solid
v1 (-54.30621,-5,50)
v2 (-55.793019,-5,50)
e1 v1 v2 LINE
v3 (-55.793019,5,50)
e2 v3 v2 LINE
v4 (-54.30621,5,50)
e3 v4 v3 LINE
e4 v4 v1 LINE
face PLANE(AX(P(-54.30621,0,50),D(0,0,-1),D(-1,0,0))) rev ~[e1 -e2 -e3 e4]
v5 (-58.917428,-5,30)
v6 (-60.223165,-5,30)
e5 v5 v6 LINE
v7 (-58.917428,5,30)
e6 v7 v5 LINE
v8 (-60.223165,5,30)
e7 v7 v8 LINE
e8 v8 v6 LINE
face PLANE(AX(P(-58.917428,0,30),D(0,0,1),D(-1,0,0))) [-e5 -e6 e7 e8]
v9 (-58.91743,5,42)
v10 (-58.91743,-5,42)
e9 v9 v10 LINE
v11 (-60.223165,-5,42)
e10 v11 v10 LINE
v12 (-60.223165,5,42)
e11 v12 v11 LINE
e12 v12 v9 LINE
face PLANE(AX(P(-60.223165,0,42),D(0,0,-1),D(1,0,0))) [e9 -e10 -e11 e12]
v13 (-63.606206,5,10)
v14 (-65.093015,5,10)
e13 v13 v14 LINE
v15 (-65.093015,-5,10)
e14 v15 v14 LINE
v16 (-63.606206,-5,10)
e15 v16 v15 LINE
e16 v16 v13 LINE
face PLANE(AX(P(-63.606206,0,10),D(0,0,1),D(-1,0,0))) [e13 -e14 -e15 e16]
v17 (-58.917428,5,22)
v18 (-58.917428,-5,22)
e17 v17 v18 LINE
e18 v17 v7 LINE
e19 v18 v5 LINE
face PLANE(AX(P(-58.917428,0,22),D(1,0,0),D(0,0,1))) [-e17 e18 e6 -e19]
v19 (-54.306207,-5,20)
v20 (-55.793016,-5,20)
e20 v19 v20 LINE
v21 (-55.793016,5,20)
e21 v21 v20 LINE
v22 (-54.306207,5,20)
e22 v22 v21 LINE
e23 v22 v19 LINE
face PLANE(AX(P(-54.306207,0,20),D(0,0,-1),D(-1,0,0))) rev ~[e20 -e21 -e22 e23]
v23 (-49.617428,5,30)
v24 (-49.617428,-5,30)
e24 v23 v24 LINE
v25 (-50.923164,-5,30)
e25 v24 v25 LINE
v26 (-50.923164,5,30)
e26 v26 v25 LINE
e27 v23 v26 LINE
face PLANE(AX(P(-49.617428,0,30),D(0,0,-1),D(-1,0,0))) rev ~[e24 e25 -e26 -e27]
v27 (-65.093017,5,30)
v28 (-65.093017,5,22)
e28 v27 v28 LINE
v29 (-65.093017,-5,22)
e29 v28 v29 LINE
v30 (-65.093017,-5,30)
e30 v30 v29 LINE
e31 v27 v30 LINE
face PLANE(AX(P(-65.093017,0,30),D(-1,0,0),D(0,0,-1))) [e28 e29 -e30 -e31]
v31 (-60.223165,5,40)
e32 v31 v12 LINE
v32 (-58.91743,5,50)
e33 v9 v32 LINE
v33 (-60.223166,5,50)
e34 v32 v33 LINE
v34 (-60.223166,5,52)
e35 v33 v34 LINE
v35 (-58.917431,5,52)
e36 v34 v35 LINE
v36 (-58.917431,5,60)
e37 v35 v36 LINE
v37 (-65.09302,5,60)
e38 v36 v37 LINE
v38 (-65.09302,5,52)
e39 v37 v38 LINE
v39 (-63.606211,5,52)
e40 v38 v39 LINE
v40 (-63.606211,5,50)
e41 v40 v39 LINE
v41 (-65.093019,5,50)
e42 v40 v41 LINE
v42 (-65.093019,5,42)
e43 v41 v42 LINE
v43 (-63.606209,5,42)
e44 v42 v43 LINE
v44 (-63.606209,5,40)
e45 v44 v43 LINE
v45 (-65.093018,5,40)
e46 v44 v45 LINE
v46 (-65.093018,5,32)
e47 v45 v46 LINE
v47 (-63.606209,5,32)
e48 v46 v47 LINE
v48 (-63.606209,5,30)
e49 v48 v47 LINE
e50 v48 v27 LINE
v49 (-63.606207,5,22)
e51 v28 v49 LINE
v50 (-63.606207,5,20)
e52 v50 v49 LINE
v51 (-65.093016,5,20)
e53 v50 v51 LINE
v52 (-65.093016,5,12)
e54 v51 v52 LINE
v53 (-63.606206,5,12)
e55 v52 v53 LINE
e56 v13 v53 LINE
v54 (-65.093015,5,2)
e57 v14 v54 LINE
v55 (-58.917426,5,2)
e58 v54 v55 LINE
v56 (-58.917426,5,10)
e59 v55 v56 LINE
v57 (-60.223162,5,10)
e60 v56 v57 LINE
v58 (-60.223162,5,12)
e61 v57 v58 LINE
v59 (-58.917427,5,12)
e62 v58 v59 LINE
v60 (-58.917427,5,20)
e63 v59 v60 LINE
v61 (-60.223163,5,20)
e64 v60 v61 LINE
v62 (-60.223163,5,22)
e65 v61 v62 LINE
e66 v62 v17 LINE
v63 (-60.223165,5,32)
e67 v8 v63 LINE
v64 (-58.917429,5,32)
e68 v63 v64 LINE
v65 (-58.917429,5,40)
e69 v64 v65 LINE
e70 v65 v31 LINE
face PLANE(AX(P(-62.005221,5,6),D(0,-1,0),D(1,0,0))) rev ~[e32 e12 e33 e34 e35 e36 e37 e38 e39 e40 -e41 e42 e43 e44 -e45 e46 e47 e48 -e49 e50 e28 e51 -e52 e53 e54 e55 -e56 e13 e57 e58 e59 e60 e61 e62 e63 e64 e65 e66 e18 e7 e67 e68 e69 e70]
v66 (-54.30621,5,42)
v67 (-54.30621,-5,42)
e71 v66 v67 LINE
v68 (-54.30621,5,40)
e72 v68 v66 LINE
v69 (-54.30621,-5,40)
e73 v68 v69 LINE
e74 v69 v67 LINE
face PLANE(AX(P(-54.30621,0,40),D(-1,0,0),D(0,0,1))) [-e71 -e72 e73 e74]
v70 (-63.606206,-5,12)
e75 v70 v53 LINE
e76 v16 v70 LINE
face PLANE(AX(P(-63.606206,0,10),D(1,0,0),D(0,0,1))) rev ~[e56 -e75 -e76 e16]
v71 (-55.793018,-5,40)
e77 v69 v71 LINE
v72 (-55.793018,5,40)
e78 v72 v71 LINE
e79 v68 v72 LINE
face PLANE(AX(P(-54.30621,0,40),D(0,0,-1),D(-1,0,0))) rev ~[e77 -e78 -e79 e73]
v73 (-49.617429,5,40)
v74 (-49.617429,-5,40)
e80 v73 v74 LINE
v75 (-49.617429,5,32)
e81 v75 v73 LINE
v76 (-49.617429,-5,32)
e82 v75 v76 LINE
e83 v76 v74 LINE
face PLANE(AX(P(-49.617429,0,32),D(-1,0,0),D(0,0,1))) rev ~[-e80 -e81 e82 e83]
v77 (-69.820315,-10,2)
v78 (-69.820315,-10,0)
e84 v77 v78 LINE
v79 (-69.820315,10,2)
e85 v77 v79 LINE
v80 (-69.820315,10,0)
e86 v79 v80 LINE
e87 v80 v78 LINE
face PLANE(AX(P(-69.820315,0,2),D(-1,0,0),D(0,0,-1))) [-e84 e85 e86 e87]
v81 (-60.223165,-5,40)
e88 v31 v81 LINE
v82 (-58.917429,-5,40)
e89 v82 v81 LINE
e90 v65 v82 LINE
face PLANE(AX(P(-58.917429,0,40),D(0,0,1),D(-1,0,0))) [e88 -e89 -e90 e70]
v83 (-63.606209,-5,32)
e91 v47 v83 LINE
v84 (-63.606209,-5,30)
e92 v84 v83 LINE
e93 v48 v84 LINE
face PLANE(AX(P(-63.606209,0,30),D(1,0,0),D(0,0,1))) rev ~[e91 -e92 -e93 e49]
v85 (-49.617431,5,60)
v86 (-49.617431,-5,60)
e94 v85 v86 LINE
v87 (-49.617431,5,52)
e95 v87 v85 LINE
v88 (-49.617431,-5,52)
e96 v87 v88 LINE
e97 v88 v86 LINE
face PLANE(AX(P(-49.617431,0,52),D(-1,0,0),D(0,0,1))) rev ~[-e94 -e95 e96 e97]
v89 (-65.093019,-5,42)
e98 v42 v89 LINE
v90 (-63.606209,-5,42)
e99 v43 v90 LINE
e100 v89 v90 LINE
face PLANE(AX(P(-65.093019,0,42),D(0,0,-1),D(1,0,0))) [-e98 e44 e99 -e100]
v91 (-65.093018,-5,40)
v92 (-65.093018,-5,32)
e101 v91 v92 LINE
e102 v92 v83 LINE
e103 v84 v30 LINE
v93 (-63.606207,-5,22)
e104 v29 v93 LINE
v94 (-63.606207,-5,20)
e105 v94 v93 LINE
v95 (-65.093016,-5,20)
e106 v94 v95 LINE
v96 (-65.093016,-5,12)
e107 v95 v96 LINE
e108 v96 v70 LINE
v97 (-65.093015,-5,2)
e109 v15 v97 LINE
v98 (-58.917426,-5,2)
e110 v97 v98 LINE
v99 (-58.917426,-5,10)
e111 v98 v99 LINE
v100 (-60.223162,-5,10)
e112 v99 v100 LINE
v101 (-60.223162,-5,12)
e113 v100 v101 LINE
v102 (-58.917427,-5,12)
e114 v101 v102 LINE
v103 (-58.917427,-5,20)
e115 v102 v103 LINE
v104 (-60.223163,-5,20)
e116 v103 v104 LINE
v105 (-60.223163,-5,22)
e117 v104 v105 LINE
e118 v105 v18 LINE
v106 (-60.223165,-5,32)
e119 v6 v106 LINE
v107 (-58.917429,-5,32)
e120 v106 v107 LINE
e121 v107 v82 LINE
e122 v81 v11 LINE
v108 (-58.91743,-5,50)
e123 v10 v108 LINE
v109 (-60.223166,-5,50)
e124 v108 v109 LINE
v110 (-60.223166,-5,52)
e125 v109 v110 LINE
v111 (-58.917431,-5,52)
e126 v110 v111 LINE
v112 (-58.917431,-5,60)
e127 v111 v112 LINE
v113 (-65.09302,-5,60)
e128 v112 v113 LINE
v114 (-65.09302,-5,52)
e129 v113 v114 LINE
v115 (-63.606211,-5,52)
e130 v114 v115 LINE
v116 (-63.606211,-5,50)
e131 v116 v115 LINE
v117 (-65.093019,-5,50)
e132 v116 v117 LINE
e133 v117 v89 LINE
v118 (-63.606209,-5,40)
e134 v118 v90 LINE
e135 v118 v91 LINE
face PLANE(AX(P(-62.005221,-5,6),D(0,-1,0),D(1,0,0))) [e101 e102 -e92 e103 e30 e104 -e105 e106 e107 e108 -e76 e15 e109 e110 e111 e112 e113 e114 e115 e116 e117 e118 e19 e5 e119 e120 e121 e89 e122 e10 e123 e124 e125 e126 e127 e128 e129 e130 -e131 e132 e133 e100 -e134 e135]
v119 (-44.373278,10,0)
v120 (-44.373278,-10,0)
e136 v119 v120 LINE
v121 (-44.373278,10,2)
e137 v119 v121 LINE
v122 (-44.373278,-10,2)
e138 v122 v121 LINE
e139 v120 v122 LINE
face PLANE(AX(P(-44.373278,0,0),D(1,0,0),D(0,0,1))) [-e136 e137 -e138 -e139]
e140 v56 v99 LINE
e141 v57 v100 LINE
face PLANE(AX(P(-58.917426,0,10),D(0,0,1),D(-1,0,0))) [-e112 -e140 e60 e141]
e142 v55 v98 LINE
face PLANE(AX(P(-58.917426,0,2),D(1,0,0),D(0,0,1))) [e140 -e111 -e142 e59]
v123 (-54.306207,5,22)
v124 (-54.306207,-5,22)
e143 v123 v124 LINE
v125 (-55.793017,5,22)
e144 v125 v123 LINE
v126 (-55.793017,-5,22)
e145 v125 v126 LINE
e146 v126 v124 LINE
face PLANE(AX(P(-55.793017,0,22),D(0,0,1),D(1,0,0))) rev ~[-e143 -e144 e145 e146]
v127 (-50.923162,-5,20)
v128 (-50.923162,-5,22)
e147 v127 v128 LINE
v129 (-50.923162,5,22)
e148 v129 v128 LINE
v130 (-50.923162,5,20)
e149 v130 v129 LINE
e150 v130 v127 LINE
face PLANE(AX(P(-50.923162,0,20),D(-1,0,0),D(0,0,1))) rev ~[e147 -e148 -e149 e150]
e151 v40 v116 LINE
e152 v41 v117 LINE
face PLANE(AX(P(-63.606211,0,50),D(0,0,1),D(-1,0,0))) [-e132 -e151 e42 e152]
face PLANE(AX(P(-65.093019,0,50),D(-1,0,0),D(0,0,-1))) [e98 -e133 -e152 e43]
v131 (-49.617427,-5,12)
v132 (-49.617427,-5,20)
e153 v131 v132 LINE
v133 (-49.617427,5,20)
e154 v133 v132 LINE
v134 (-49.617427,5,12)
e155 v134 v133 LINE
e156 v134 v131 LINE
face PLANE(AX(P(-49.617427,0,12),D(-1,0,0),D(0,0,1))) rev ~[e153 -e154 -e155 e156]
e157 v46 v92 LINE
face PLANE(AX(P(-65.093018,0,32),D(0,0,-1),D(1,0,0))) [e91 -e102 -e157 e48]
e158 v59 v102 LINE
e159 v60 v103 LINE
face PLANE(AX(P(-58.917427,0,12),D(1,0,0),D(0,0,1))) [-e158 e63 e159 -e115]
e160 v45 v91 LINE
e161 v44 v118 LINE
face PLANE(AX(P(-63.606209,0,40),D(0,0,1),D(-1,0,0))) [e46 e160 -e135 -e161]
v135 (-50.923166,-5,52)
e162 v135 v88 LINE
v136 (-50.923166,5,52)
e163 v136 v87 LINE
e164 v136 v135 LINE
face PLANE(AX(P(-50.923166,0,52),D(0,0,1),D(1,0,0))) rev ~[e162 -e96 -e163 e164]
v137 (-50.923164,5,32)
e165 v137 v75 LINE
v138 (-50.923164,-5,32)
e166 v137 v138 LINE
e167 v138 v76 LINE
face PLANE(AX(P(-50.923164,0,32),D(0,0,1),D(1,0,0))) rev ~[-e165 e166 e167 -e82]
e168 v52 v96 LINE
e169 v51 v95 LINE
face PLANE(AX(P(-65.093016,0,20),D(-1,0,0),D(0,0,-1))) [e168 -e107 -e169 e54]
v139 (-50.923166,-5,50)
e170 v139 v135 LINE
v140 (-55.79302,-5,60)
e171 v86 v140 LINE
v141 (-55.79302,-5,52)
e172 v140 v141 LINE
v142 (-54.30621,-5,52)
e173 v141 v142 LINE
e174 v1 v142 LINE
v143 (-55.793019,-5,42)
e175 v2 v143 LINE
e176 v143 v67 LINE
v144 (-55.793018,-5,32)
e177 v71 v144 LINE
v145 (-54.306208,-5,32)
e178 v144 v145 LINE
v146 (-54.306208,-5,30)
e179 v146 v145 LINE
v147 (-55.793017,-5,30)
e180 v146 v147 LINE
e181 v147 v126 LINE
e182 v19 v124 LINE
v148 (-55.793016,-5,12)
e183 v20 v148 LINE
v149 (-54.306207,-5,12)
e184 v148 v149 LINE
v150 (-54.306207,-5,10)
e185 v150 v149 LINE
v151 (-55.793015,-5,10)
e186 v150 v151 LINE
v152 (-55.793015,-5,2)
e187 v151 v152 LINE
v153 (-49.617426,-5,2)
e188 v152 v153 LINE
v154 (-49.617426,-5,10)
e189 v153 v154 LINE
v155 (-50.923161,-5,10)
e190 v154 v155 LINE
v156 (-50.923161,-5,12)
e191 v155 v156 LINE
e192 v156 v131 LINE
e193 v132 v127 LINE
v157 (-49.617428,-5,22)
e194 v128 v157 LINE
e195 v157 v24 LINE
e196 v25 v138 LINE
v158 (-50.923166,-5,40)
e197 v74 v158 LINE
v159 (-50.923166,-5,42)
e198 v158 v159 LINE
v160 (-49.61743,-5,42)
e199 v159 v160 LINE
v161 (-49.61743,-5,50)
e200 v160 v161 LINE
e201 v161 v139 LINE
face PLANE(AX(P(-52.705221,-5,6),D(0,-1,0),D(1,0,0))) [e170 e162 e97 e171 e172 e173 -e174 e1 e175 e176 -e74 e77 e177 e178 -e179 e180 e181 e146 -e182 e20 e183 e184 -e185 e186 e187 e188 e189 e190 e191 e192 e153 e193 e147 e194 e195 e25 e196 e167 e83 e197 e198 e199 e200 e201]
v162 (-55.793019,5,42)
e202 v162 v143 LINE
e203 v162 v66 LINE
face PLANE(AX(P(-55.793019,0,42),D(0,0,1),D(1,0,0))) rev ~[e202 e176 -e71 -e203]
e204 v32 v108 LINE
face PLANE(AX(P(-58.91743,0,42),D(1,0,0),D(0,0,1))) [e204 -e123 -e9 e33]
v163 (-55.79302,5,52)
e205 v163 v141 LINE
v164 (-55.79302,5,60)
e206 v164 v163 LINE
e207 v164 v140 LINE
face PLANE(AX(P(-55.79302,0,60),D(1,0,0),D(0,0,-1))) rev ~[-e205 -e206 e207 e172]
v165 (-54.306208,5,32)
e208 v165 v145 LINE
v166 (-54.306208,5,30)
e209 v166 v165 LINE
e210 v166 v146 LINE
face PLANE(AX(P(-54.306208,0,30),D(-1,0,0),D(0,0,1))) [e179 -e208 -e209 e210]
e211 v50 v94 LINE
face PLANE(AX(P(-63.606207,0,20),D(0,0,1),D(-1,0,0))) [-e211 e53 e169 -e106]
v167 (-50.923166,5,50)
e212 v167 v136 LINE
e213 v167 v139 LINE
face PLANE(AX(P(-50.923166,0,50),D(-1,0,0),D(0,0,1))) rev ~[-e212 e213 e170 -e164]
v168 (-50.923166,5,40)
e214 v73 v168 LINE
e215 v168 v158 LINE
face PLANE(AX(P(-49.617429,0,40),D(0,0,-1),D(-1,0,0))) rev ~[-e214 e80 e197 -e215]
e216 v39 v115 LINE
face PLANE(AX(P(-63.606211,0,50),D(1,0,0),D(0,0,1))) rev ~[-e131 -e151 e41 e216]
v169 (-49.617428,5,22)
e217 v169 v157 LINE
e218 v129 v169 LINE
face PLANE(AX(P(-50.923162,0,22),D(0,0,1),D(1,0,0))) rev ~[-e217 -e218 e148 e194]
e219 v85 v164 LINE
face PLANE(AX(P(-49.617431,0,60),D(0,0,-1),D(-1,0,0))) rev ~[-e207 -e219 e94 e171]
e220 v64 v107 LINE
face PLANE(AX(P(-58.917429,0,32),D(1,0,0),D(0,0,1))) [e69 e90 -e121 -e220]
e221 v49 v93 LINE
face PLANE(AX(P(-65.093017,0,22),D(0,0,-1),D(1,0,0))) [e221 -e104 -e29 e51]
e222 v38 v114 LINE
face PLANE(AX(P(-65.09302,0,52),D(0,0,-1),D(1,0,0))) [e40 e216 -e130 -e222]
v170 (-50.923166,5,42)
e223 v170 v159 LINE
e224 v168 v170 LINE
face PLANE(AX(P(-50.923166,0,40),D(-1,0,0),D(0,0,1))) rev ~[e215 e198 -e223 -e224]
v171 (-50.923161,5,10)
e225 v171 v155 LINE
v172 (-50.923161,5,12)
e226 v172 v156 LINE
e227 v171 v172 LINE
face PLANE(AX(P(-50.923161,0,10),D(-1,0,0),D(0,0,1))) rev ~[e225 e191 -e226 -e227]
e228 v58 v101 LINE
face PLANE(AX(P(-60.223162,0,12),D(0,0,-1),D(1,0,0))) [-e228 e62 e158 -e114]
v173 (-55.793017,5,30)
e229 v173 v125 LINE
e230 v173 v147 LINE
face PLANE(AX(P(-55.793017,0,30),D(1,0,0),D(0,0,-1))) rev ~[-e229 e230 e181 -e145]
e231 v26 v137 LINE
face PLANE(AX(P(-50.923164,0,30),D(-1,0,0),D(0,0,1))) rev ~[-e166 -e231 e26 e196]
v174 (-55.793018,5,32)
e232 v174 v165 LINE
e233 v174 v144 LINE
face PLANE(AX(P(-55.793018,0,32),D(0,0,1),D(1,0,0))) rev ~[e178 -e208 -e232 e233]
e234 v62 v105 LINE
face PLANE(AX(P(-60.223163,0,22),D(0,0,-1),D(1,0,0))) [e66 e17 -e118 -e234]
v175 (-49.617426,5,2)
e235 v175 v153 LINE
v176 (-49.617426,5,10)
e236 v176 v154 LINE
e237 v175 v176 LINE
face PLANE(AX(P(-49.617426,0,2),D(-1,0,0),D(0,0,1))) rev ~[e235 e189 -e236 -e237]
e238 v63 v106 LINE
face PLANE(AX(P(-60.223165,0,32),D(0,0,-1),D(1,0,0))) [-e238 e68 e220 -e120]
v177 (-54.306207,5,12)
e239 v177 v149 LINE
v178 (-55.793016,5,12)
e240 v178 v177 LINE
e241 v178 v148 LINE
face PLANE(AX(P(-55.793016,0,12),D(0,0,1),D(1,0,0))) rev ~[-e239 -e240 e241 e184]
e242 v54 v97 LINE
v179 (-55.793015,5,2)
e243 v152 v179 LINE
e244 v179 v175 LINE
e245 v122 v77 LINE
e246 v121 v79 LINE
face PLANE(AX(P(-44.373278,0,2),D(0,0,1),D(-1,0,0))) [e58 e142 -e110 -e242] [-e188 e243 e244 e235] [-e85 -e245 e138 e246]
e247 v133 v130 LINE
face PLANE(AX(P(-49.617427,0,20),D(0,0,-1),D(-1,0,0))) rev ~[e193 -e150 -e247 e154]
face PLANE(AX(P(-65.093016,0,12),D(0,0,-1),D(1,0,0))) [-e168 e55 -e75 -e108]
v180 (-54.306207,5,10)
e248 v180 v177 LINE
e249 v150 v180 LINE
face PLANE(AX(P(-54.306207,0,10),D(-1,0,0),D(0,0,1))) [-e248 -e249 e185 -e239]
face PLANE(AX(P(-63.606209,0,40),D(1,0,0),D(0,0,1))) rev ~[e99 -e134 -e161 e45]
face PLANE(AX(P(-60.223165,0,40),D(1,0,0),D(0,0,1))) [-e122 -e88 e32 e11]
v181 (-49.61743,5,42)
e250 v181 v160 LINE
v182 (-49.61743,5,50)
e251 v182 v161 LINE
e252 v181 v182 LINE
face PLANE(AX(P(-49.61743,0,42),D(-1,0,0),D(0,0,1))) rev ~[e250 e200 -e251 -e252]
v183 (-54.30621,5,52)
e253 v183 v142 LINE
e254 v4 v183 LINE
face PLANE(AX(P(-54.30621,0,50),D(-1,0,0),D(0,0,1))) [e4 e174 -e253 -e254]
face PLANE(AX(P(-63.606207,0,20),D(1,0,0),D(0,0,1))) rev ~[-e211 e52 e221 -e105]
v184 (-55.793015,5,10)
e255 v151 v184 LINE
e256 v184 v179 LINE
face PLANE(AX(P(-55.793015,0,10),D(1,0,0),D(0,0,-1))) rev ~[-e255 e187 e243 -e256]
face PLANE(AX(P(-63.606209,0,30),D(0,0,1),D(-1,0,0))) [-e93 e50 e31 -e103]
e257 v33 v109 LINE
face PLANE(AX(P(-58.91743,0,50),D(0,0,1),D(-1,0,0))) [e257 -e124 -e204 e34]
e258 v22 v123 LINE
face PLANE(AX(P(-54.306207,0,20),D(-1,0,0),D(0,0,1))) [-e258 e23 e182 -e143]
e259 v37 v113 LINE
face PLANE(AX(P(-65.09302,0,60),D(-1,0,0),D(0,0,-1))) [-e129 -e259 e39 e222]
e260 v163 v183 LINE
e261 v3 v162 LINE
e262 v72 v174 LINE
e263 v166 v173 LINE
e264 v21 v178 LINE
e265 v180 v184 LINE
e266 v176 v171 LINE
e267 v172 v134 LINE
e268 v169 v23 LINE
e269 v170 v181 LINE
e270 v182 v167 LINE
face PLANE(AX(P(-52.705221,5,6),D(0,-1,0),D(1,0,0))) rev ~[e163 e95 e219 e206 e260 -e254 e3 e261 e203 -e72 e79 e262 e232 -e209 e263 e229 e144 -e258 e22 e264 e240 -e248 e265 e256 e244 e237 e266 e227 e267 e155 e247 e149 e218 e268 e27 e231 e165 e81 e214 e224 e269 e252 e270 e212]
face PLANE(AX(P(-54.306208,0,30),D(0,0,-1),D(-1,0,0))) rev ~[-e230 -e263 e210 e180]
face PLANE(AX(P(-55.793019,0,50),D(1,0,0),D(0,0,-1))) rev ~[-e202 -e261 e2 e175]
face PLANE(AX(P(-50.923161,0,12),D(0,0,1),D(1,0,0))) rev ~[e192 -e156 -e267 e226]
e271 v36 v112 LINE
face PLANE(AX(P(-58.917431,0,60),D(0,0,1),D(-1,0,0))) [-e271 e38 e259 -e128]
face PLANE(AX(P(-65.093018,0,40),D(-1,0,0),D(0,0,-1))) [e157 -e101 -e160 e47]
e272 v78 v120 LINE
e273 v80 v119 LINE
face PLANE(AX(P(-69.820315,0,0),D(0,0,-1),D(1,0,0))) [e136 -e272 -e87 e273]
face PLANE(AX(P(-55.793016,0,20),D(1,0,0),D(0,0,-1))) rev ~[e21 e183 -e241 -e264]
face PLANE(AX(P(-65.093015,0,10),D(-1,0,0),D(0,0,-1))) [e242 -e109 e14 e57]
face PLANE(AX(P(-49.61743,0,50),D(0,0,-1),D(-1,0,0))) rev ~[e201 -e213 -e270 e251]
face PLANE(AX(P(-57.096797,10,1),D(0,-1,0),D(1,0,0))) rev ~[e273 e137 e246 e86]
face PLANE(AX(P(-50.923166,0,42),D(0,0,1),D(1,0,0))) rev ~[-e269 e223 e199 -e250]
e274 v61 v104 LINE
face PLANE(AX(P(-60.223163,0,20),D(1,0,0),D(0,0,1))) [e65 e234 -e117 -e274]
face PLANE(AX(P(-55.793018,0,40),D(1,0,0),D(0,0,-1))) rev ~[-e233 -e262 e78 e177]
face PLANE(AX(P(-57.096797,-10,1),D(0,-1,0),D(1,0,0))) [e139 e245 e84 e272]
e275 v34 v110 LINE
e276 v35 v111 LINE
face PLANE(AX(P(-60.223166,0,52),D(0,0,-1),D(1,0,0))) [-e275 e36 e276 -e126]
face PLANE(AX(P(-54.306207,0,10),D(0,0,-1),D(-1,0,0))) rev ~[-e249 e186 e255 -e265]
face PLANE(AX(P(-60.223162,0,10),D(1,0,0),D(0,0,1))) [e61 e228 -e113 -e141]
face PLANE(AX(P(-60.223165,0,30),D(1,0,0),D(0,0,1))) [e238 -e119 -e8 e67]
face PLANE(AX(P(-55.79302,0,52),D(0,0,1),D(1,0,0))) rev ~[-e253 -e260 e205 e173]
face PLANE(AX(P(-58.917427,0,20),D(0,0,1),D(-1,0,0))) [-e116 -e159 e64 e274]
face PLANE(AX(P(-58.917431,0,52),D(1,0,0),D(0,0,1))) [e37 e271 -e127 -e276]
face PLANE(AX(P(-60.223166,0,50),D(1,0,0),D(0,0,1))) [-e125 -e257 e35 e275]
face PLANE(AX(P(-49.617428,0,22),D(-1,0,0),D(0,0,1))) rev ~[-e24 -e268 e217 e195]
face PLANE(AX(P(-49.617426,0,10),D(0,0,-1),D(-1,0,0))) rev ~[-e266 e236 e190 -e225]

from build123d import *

# Parameters (mm, degrees)
F1_DEPTH = 10
F0_W     = 3.383045
F0_H     = 2
F2_DEPTH = 5


with BuildPart() as f1:
    # F0 (on Front) → F1 (new body, symmetric)
    with BuildSketch(Plane.XZ):
        Polygon((-69.820315, 2), (-69.820315, 0), (-44.373278, 0), (-44.373278, 2), (-49.617426, 2), (-55.793015, 2), (-58.917426, 2), (-65.093015, 2), align=None)
    extrude(amount=F1_DEPTH, both=True)

    # F0 (on Front) → F2 (join, symmetric)
    with BuildSketch(Plane.XZ):
        Polygon((-55.793015, 2), (-49.617426, 2), (-49.617426, 10), (-50.923162, 10), (-54.306207, 10), (-55.793015, 10), align=None)
        Polygon((-65.093015, 10), (-65.093015, 2), (-58.917426, 2), (-58.917426, 10), (-60.223162, 10), (-63.606207, 10), align=None)
        Polygon((-65.093017, 22), (-63.606208, 22), (-60.223163, 22), (-58.917428, 22), (-58.917428, 30), (-60.223164, 30), (-63.606209, 30), (-65.093017, 30), align=None)
        Polygon((-65.093018, 32), (-63.606209, 32), (-60.223164, 32), (-58.917429, 32), (-58.917429, 40), (-60.223165, 40), (-63.60621, 40), (-65.093018, 40), align=None)
        with Locations((-61.914687, 31)):
            Rectangle(F0_W, F0_H)
        with Locations((-52.614688, 51)):
            Rectangle(F0_W, F0_H)
        with Locations((-61.914685, 21)):
            Rectangle(F0_W, F0_H)
        with Locations((-52.614684, 11)):
            Rectangle(F0_W, F0_H)
        Polygon((-54.30621, 42), (-50.923165, 42), (-49.61743, 42), (-49.61743, 50), (-50.923166, 50), (-54.306211, 50), (-55.793019, 50), (-55.793019, 42), align=None)
        Polygon((-65.093019, 42), (-63.60621, 42), (-60.223165, 42), (-58.91743, 42), (-58.91743, 50), (-60.223166, 50), (-63.606211, 50), (-65.093019, 50), align=None)
        with Locations((-61.914684, 11)):
            Rectangle(F0_W, F0_H)
        with Locations((-52.614688, 41)):
            Rectangle(F0_W, F0_H)
        Polygon((-54.306209, 32), (-50.923164, 32), (-49.617429, 32), (-49.617429, 40), (-50.923165, 40), (-54.30621, 40), (-55.793018, 40), (-55.793018, 32), align=None)
        Polygon((-54.306207, 12), (-50.923162, 12), (-49.617427, 12), (-49.617427, 20), (-50.923163, 20), (-54.306208, 20), (-55.793016, 20), (-55.793016, 12), align=None)
        Polygon((-54.306208, 22), (-50.923163, 22), (-49.617428, 22), (-49.617428, 30), (-50.923164, 30), (-54.306209, 30), (-55.793017, 30), (-55.793017, 22), align=None)
        with Locations((-52.614686, 31)):
            Rectangle(F0_W, F0_H)
        Polygon((-65.093016, 12), (-63.606207, 12), (-60.223162, 12), (-58.917427, 12), (-58.917427, 20), (-60.223163, 20), (-63.606208, 20), (-65.093016, 20), align=None)
        Polygon((-54.306211, 52), (-50.923166, 52), (-49.617431, 52), (-49.617431, 60), (-50.923167, 60), (-54.306212, 60), (-55.79302, 60), (-55.79302, 52), align=None)
        with Locations((-61.914688, 51)):
            Rectangle(F0_W, F0_H)
        with Locations((-61.914687, 41)):
            Rectangle(F0_W, F0_H)
        with Locations((-52.614685, 21)):
            Rectangle(F0_W, F0_H)
        Polygon((-65.09302, 52), (-63.606211, 52), (-60.223166, 52), (-58.917431, 52), (-58.917431, 60), (-60.223167, 60), (-63.606212, 60), (-65.09302, 60), align=None)
    extrude(amount=F2_DEPTH, both=True)


solid = f1.part
